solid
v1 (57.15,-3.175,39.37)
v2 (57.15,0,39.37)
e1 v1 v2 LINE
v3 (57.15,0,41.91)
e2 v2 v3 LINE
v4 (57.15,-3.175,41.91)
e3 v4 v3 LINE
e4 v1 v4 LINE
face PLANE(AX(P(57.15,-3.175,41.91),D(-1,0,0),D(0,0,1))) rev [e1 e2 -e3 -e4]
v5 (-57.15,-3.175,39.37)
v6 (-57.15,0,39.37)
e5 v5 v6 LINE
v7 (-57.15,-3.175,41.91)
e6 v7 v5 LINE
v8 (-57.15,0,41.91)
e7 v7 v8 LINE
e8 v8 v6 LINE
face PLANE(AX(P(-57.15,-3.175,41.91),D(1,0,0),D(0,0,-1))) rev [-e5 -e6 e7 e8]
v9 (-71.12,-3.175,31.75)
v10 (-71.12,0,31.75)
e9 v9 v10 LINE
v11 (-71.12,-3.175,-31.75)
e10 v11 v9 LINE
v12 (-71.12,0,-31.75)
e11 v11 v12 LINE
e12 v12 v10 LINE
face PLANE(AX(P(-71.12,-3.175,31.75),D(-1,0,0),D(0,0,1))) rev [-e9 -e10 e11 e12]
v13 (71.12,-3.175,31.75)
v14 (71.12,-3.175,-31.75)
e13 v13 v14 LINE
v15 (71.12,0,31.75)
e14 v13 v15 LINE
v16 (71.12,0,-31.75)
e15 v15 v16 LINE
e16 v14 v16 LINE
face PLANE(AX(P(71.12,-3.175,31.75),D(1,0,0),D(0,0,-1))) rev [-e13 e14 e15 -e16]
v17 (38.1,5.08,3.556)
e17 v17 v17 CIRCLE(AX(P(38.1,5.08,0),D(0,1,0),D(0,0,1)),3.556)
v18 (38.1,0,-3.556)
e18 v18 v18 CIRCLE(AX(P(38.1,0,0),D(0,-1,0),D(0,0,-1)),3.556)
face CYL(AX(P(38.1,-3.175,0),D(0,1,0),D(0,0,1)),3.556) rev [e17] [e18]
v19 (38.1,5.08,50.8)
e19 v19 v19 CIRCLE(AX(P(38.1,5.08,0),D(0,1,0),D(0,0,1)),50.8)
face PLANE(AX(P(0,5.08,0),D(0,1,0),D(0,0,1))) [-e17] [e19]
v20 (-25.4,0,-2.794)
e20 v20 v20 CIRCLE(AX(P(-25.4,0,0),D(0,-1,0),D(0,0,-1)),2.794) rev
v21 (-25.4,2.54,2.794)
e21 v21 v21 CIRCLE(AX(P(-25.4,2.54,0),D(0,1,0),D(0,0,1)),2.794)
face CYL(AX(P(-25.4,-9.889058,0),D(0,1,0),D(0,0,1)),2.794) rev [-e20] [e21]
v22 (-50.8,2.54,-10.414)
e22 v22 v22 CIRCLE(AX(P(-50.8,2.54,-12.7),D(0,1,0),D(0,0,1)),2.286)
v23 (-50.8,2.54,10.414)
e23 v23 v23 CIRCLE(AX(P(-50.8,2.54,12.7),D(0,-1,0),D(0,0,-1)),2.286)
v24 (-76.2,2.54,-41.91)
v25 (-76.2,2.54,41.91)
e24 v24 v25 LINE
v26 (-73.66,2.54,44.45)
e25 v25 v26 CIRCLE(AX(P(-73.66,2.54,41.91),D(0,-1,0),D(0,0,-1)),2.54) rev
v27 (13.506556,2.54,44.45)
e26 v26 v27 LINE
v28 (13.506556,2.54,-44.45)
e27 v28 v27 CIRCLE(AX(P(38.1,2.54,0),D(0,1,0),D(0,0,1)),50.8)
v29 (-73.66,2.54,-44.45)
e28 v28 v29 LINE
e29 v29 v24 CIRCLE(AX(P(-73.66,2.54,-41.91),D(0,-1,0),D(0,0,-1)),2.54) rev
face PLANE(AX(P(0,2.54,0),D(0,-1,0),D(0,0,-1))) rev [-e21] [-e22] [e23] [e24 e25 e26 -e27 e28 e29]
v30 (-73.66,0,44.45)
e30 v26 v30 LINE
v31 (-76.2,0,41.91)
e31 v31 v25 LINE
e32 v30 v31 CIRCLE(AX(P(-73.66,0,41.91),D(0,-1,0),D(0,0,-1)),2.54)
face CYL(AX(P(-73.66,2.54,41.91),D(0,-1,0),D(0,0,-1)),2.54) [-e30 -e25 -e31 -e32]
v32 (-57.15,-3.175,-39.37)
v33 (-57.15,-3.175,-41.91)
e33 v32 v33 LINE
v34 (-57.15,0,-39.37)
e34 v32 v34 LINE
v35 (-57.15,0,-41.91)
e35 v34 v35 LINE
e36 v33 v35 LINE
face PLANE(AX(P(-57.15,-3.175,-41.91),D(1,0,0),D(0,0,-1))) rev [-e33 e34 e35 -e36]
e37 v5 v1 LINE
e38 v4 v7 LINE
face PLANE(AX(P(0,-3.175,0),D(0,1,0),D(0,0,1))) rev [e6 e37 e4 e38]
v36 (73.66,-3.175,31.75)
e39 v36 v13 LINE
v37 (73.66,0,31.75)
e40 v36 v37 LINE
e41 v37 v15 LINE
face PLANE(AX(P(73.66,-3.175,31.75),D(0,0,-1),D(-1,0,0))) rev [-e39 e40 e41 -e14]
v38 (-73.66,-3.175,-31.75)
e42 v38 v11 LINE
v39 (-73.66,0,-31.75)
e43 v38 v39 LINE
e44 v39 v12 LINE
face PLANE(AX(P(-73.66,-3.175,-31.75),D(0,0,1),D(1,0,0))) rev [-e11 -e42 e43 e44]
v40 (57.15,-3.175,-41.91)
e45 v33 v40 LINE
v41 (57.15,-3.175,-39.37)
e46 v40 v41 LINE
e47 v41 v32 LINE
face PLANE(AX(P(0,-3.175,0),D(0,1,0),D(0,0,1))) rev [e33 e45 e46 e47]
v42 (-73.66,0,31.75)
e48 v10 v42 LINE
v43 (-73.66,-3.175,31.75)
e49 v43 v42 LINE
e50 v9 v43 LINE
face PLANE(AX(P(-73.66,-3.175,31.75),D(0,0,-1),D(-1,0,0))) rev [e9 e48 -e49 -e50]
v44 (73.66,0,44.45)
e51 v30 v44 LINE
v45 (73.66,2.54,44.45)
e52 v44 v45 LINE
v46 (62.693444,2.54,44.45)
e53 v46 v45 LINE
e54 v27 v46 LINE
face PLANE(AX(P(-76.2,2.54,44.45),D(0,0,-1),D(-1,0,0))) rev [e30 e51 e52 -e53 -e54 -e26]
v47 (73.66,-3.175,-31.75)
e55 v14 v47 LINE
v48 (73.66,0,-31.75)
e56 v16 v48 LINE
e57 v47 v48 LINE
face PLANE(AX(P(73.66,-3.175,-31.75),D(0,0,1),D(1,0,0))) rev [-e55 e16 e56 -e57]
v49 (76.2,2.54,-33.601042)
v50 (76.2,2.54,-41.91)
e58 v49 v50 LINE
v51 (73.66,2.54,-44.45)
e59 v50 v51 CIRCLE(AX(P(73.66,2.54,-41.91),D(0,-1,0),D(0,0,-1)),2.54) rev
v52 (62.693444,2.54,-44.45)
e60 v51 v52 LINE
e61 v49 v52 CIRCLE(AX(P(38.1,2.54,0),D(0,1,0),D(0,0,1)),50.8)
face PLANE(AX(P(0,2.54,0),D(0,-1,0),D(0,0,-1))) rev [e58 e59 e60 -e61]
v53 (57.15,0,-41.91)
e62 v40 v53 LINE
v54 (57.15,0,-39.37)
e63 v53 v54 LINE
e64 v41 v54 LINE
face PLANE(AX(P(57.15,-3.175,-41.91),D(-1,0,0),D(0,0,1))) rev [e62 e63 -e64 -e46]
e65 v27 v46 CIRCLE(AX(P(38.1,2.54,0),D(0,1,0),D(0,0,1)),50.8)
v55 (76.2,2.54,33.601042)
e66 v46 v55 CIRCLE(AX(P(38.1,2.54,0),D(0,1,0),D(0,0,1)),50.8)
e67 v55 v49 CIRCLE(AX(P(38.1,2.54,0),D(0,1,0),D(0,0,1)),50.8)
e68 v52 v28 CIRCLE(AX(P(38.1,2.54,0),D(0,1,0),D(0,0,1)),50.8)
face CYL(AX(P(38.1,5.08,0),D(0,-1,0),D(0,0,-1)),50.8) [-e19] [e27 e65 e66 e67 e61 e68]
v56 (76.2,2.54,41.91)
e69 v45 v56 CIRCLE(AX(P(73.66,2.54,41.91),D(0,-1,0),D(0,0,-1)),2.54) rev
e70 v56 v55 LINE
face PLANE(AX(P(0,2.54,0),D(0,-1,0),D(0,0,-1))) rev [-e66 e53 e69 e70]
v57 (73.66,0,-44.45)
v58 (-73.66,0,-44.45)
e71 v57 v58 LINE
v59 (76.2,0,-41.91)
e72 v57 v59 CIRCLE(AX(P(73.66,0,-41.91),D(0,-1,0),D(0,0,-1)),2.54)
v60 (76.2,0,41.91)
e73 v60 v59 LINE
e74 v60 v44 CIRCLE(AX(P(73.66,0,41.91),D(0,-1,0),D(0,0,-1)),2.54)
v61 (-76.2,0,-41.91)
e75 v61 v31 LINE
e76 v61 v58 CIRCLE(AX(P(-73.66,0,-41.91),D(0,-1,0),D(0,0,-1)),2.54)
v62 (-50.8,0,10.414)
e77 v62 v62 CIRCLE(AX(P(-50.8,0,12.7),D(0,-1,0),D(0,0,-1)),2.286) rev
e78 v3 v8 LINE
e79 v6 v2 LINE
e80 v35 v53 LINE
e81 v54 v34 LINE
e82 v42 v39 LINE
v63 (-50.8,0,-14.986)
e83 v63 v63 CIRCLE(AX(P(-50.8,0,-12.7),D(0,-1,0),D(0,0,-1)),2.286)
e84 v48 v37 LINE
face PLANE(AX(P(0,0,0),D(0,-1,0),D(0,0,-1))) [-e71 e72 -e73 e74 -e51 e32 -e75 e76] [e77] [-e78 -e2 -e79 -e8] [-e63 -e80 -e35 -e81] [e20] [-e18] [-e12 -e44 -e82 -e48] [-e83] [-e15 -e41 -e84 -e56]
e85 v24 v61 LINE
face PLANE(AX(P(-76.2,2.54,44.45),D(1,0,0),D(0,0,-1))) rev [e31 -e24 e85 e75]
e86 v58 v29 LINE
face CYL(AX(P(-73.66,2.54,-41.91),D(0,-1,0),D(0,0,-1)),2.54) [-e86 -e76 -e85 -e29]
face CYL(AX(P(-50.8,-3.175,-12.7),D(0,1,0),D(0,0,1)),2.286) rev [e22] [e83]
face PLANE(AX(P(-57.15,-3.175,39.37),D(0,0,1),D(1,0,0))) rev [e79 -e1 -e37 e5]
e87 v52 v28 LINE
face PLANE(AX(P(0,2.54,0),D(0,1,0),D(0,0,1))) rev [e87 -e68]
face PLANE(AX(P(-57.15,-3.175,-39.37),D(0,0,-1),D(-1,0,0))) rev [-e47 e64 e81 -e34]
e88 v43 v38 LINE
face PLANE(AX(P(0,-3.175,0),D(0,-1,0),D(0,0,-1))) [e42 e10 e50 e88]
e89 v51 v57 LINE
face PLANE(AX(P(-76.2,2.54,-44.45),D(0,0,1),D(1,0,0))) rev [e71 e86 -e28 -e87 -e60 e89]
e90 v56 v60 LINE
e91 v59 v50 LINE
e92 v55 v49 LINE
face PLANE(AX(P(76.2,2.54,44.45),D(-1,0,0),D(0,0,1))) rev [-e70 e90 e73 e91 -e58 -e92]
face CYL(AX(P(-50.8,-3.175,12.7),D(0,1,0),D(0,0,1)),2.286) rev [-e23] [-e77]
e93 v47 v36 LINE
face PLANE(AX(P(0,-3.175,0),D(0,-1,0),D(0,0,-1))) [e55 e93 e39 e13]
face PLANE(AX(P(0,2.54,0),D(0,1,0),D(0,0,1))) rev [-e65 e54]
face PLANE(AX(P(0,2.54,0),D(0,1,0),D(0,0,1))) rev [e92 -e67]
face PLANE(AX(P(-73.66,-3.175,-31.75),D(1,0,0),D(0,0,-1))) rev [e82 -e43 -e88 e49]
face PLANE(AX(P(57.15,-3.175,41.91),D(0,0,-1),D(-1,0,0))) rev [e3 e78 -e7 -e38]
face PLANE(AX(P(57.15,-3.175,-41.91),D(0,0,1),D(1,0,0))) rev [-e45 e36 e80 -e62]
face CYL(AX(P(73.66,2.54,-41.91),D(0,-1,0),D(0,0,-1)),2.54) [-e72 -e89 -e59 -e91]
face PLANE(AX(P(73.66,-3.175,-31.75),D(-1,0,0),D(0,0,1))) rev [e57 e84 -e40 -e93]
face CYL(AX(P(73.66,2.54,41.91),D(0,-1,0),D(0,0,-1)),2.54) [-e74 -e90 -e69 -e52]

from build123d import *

# Parameters (mm, degrees)
SKETCH1_W           = 152.4
SKETCH1_H           = 88.9
BOSS_EXTRUDE1_DEPTH = 2.54
SKETCH2_W           = 2.54
SKETCH2_H           = 63.5
SKETCH2_W_2         = 114.3
SKETCH2_H_2         = 2.54
BOSS_EXTRUDE2_DEPTH = 3.175
FILLET1_R           = 2.54
SKETCH3_R           = 3.49631
SKETCH3_R_2         = 2.794
CUT_EXTRUDE1_DEPTH  = 2.54
SKETCH5_R           = 2.286
CUT_EXTRUDE2_DEPTH  = 89.401944125
SKETCH7_R           = 50.8
BOSS_EXTRUDE3_DEPTH = 2.54
SKETCH8_R           = 3.556
CUT_EXTRUDE3_DEPTH  = 103.722904092


with BuildPart() as part:
    # Sketch1 → Boss-Extrude1 (new body)
    with BuildSketch(Plane(origin=(0, 0, 0), x_dir=(1, 0, 0), z_dir=(0, 1, 0))):
        Rectangle(SKETCH1_W, SKETCH1_H)
    extrude(amount=BOSS_EXTRUDE1_DEPTH)

    # Sketch2 → Boss-Extrude2 (add)
    with BuildSketch(Plane.XZ):
        with Locations((-72.39, 0)):
            Rectangle(SKETCH2_W, SKETCH2_H)
        with Locations((72.39, 0)):
            Rectangle(SKETCH2_W, SKETCH2_H)
        with Locations((0, 40.64)):
            Rectangle(SKETCH2_W_2, SKETCH2_H_2)
        with Locations((0, -40.64)):
            Rectangle(SKETCH2_W_2, SKETCH2_H_2)
    extrude(amount=BOSS_EXTRUDE2_DEPTH)

    # Fillet1
    fillet1_edges = [part.edges().sort_by_distance(p)[0] for p in [
        (76.2, 1.27, 44.45),
        (-76.2, 1.27, 44.45),
        (-76.2, 1.27, -44.45),
        (76.2, 1.27, -44.45),
    ]]
    fillet(fillet1_edges, radius=FILLET1_R)

    # Sketch3 → Cut-Extrude1 (cut)
    with BuildSketch(Plane(origin=(0, 2.54, 0), x_dir=(1, 0, 0), z_dir=(0, 1, 0))):
        with Locations(Location((38.1, 0, 0), (0, 0, 270))):
            Circle(SKETCH3_R)
        with Locations(Location((-25.4, 0, 0), (0, 0, 270))):
            Circle(SKETCH3_R_2)
    extrude(amount=-CUT_EXTRUDE1_DEPTH, mode=Mode.SUBTRACT)

    # Sketch5 → Cut-Extrude2 (cut, through all)
    with BuildSketch(Plane(origin=(0, 2.54, 0), x_dir=(1, 0, 0), z_dir=(0, 1, 0))):
        with Locations(Location((-50.8, 12.7, 0), (0, 0, 270))):
            Circle(SKETCH5_R)
        with Locations(Location((-50.8, -12.7, 0), (0, 0, 90))):
            Circle(SKETCH5_R)
    extrude(amount=-CUT_EXTRUDE2_DEPTH, mode=Mode.SUBTRACT)

    # Sketch7 → Boss-Extrude3 (add)
    with BuildSketch(Plane(origin=(0, 2.54, 0), x_dir=(1, 0, 0), z_dir=(0, 1, 0))):
        with Locations(Location((38.1, 0, 0), (0, 0, 61.044975628))):
            Circle(SKETCH7_R)
    extrude(amount=BOSS_EXTRUDE3_DEPTH)

    # Sketch8 → Cut-Extrude3 (cut, through all)
    with BuildSketch(Plane(origin=(0, 5.08, 0), x_dir=(1, 0, 0), z_dir=(0, 1, 0))):
        with Locations(Location((38.1, 0, 0), (0, 0, 270))):
            Circle(SKETCH8_R)
    extrude(amount=-CUT_EXTRUDE3_DEPTH, mode=Mode.SUBTRACT)


solid = part.part
